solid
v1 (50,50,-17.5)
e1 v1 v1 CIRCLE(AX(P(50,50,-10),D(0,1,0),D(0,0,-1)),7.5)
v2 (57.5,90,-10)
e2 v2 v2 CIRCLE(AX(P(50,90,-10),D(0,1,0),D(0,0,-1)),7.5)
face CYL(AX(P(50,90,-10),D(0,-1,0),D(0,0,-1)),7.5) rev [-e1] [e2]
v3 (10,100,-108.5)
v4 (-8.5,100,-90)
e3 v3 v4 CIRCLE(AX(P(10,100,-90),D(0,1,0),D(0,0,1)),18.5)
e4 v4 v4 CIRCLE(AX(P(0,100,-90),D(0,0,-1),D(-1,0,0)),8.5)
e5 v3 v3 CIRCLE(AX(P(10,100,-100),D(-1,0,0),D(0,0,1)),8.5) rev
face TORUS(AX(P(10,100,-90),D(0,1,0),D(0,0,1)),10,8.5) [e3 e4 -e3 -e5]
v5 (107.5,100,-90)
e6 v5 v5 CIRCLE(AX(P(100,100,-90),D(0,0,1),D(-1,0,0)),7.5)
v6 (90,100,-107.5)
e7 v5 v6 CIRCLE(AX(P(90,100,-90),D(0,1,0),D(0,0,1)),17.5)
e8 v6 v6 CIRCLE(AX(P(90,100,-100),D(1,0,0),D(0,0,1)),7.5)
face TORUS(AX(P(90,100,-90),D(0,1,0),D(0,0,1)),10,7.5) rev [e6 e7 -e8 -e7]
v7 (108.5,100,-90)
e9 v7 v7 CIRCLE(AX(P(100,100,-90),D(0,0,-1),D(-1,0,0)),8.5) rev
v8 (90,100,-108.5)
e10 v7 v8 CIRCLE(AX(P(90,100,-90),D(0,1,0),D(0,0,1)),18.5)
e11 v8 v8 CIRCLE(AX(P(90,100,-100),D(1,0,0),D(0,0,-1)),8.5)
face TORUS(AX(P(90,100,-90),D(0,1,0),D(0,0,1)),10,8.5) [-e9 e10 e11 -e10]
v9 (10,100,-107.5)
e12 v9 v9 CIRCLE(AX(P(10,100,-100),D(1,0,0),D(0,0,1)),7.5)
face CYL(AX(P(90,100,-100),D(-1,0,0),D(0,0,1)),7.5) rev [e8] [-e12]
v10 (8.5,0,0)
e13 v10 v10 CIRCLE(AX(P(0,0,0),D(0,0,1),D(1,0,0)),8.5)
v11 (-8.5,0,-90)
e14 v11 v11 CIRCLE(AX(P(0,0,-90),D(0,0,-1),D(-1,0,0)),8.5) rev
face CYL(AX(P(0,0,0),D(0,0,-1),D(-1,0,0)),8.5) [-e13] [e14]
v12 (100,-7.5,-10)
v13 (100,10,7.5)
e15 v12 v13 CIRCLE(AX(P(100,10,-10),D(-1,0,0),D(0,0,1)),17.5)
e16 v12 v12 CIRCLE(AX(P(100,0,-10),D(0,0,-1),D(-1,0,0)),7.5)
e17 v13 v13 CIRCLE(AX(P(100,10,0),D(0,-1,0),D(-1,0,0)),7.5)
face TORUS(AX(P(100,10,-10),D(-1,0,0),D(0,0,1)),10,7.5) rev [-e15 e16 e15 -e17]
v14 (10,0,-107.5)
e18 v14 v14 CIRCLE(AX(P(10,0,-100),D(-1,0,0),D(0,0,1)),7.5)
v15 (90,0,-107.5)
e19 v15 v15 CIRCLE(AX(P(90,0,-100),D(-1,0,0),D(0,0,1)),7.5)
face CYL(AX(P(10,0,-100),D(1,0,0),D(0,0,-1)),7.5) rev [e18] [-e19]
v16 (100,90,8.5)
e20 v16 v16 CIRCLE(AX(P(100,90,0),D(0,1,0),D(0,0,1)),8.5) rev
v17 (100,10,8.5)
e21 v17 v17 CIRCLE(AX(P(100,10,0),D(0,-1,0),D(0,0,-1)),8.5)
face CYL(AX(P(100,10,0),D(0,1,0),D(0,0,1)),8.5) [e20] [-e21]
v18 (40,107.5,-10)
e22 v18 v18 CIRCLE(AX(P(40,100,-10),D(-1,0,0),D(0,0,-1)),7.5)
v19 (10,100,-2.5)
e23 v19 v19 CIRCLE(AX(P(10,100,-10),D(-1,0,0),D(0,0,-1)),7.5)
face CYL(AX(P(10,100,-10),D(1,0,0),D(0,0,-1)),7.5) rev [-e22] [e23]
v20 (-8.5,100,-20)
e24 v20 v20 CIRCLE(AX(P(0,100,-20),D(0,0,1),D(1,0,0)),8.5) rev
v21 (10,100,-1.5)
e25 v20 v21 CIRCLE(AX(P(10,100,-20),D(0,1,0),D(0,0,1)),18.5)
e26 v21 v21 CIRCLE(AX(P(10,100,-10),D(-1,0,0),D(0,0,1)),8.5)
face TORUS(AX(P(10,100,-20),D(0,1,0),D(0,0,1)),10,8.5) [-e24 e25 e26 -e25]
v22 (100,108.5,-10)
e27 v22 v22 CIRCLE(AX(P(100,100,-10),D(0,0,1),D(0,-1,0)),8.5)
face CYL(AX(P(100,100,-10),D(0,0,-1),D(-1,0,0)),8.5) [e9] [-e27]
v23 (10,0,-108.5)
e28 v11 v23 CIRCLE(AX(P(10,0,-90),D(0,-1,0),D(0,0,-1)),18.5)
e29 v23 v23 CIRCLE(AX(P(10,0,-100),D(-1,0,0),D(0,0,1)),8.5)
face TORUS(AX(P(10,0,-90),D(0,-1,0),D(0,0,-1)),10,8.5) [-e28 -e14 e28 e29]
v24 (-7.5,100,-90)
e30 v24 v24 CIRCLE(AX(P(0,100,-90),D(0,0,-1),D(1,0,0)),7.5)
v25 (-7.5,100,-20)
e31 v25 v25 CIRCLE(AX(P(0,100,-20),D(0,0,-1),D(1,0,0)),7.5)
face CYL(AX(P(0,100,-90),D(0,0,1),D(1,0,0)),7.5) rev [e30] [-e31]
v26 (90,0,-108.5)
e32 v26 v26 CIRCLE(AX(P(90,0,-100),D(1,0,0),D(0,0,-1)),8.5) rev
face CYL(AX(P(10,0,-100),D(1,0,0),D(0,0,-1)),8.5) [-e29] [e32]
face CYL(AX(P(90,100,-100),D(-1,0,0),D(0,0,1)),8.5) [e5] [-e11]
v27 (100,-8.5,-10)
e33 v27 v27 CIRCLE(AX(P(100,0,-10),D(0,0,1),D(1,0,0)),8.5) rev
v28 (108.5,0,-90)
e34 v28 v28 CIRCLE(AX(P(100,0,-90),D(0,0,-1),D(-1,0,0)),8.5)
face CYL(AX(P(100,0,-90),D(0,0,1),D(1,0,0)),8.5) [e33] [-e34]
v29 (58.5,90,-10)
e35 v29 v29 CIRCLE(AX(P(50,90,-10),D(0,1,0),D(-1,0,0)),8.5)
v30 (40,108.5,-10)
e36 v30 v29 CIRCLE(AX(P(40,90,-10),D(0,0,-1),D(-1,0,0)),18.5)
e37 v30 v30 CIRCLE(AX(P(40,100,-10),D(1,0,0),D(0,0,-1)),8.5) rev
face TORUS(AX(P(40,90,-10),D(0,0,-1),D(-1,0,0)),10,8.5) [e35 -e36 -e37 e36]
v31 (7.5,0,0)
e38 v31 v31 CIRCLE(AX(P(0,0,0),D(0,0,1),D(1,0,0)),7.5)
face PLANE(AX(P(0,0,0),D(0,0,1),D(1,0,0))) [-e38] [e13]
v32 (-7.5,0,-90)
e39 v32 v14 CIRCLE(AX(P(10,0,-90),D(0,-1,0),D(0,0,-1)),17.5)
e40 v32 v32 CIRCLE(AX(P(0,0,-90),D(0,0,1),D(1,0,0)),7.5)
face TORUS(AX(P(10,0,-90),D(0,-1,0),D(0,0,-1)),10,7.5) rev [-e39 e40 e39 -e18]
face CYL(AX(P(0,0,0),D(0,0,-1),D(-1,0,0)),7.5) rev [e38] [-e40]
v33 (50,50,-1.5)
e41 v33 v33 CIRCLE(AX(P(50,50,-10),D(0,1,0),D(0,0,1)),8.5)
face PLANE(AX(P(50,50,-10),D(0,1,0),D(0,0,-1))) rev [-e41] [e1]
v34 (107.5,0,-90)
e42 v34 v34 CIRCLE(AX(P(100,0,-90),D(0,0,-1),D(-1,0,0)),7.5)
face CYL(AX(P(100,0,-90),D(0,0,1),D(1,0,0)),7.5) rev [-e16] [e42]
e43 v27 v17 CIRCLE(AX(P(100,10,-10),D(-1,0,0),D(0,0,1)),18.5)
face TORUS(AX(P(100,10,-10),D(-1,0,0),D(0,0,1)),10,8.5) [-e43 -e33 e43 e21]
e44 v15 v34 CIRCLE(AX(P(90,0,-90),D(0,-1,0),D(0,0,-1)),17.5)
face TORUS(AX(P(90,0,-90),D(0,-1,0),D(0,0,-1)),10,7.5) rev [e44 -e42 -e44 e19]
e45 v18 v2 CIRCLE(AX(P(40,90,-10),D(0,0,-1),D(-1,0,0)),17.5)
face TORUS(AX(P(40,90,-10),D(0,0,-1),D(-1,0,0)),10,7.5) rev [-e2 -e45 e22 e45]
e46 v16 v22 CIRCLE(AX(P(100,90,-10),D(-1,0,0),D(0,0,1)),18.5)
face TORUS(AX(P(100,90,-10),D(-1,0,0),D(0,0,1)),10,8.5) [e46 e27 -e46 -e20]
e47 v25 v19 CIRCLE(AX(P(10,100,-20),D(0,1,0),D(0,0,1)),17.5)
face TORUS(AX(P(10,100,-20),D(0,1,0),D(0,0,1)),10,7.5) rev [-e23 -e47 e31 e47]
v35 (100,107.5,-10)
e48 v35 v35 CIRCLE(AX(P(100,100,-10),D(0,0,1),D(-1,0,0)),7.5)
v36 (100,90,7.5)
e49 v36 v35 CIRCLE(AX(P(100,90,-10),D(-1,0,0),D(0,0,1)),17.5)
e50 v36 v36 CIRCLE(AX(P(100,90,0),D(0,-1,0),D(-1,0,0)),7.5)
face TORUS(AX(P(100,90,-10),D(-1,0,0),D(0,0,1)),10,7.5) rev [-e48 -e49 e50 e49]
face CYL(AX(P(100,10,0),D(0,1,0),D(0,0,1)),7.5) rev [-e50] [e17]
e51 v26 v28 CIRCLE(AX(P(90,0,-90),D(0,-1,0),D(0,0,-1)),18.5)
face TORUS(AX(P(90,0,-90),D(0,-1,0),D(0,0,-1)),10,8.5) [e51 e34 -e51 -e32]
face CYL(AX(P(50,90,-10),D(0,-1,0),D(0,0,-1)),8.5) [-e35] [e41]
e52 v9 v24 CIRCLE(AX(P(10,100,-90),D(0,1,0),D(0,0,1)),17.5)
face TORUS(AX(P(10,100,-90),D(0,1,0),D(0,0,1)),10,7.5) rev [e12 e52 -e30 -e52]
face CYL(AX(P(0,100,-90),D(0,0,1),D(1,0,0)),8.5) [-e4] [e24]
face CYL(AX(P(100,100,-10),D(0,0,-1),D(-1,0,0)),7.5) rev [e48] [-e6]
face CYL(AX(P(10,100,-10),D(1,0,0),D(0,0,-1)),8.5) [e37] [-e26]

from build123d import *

# Parameters (mm, degrees)
SKETCH1_R   = 8.5
SKETCH1_R_2 = 7.5


with BuildPart() as part:
    # Sweep-Thin1: sweep along a curve in space
    with BuildLine() as sweep_thin1_path:
        Line((0, 0, 0), (0, 0, -90))
        ThreePointArc((0, 0, -90), (2.928932188, 0, -97.071067812), (10, 0, -100))
        Line((10, 0, -100), (90, 0, -100))
        ThreePointArc((90, 0, -100), (97.071067812, 0, -97.071067812), (100, 0, -90))
        Line((100, 0, -90), (100, 0, -10))
        ThreePointArc((100, 0, -10), (100, 2.928932188, -2.928932188), (100, 10, 0))
        Line((100, 10, 0), (100, 90, 0))
        ThreePointArc((100, 90, 0), (100, 97.071067812, -2.928932188), (100, 100, -10))
        Line((100, 100, -10), (100, 100, -90))
        ThreePointArc((100, 100, -90), (97.071067812, 100, -97.071067812), (90, 100, -100))
        Line((90, 100, -100), (10, 100, -100))
        ThreePointArc((10, 100, -100), (2.928932188, 100, -97.071067812), (0, 100, -90))
        Line((0, 100, -90), (0, 100, -20))
        ThreePointArc((0, 100, -20), (2.928932188, 100, -12.928932188), (10, 100, -10))
        Line((10, 100, -10), (40, 100, -10))
        ThreePointArc((40, 100, -10), (47.071067812, 97.071067812, -10), (50, 90, -10))
        Line((50, 90, -10), (50, 50, -10))
    # Sketch1 → Sweep-Thin1 (sweep)
    with BuildSketch(Plane.XY):
        Circle(SKETCH1_R)
        Circle(SKETCH1_R_2, mode=Mode.SUBTRACT)
    sweep(path=sweep_thin1_path.line)


solid = part.part
